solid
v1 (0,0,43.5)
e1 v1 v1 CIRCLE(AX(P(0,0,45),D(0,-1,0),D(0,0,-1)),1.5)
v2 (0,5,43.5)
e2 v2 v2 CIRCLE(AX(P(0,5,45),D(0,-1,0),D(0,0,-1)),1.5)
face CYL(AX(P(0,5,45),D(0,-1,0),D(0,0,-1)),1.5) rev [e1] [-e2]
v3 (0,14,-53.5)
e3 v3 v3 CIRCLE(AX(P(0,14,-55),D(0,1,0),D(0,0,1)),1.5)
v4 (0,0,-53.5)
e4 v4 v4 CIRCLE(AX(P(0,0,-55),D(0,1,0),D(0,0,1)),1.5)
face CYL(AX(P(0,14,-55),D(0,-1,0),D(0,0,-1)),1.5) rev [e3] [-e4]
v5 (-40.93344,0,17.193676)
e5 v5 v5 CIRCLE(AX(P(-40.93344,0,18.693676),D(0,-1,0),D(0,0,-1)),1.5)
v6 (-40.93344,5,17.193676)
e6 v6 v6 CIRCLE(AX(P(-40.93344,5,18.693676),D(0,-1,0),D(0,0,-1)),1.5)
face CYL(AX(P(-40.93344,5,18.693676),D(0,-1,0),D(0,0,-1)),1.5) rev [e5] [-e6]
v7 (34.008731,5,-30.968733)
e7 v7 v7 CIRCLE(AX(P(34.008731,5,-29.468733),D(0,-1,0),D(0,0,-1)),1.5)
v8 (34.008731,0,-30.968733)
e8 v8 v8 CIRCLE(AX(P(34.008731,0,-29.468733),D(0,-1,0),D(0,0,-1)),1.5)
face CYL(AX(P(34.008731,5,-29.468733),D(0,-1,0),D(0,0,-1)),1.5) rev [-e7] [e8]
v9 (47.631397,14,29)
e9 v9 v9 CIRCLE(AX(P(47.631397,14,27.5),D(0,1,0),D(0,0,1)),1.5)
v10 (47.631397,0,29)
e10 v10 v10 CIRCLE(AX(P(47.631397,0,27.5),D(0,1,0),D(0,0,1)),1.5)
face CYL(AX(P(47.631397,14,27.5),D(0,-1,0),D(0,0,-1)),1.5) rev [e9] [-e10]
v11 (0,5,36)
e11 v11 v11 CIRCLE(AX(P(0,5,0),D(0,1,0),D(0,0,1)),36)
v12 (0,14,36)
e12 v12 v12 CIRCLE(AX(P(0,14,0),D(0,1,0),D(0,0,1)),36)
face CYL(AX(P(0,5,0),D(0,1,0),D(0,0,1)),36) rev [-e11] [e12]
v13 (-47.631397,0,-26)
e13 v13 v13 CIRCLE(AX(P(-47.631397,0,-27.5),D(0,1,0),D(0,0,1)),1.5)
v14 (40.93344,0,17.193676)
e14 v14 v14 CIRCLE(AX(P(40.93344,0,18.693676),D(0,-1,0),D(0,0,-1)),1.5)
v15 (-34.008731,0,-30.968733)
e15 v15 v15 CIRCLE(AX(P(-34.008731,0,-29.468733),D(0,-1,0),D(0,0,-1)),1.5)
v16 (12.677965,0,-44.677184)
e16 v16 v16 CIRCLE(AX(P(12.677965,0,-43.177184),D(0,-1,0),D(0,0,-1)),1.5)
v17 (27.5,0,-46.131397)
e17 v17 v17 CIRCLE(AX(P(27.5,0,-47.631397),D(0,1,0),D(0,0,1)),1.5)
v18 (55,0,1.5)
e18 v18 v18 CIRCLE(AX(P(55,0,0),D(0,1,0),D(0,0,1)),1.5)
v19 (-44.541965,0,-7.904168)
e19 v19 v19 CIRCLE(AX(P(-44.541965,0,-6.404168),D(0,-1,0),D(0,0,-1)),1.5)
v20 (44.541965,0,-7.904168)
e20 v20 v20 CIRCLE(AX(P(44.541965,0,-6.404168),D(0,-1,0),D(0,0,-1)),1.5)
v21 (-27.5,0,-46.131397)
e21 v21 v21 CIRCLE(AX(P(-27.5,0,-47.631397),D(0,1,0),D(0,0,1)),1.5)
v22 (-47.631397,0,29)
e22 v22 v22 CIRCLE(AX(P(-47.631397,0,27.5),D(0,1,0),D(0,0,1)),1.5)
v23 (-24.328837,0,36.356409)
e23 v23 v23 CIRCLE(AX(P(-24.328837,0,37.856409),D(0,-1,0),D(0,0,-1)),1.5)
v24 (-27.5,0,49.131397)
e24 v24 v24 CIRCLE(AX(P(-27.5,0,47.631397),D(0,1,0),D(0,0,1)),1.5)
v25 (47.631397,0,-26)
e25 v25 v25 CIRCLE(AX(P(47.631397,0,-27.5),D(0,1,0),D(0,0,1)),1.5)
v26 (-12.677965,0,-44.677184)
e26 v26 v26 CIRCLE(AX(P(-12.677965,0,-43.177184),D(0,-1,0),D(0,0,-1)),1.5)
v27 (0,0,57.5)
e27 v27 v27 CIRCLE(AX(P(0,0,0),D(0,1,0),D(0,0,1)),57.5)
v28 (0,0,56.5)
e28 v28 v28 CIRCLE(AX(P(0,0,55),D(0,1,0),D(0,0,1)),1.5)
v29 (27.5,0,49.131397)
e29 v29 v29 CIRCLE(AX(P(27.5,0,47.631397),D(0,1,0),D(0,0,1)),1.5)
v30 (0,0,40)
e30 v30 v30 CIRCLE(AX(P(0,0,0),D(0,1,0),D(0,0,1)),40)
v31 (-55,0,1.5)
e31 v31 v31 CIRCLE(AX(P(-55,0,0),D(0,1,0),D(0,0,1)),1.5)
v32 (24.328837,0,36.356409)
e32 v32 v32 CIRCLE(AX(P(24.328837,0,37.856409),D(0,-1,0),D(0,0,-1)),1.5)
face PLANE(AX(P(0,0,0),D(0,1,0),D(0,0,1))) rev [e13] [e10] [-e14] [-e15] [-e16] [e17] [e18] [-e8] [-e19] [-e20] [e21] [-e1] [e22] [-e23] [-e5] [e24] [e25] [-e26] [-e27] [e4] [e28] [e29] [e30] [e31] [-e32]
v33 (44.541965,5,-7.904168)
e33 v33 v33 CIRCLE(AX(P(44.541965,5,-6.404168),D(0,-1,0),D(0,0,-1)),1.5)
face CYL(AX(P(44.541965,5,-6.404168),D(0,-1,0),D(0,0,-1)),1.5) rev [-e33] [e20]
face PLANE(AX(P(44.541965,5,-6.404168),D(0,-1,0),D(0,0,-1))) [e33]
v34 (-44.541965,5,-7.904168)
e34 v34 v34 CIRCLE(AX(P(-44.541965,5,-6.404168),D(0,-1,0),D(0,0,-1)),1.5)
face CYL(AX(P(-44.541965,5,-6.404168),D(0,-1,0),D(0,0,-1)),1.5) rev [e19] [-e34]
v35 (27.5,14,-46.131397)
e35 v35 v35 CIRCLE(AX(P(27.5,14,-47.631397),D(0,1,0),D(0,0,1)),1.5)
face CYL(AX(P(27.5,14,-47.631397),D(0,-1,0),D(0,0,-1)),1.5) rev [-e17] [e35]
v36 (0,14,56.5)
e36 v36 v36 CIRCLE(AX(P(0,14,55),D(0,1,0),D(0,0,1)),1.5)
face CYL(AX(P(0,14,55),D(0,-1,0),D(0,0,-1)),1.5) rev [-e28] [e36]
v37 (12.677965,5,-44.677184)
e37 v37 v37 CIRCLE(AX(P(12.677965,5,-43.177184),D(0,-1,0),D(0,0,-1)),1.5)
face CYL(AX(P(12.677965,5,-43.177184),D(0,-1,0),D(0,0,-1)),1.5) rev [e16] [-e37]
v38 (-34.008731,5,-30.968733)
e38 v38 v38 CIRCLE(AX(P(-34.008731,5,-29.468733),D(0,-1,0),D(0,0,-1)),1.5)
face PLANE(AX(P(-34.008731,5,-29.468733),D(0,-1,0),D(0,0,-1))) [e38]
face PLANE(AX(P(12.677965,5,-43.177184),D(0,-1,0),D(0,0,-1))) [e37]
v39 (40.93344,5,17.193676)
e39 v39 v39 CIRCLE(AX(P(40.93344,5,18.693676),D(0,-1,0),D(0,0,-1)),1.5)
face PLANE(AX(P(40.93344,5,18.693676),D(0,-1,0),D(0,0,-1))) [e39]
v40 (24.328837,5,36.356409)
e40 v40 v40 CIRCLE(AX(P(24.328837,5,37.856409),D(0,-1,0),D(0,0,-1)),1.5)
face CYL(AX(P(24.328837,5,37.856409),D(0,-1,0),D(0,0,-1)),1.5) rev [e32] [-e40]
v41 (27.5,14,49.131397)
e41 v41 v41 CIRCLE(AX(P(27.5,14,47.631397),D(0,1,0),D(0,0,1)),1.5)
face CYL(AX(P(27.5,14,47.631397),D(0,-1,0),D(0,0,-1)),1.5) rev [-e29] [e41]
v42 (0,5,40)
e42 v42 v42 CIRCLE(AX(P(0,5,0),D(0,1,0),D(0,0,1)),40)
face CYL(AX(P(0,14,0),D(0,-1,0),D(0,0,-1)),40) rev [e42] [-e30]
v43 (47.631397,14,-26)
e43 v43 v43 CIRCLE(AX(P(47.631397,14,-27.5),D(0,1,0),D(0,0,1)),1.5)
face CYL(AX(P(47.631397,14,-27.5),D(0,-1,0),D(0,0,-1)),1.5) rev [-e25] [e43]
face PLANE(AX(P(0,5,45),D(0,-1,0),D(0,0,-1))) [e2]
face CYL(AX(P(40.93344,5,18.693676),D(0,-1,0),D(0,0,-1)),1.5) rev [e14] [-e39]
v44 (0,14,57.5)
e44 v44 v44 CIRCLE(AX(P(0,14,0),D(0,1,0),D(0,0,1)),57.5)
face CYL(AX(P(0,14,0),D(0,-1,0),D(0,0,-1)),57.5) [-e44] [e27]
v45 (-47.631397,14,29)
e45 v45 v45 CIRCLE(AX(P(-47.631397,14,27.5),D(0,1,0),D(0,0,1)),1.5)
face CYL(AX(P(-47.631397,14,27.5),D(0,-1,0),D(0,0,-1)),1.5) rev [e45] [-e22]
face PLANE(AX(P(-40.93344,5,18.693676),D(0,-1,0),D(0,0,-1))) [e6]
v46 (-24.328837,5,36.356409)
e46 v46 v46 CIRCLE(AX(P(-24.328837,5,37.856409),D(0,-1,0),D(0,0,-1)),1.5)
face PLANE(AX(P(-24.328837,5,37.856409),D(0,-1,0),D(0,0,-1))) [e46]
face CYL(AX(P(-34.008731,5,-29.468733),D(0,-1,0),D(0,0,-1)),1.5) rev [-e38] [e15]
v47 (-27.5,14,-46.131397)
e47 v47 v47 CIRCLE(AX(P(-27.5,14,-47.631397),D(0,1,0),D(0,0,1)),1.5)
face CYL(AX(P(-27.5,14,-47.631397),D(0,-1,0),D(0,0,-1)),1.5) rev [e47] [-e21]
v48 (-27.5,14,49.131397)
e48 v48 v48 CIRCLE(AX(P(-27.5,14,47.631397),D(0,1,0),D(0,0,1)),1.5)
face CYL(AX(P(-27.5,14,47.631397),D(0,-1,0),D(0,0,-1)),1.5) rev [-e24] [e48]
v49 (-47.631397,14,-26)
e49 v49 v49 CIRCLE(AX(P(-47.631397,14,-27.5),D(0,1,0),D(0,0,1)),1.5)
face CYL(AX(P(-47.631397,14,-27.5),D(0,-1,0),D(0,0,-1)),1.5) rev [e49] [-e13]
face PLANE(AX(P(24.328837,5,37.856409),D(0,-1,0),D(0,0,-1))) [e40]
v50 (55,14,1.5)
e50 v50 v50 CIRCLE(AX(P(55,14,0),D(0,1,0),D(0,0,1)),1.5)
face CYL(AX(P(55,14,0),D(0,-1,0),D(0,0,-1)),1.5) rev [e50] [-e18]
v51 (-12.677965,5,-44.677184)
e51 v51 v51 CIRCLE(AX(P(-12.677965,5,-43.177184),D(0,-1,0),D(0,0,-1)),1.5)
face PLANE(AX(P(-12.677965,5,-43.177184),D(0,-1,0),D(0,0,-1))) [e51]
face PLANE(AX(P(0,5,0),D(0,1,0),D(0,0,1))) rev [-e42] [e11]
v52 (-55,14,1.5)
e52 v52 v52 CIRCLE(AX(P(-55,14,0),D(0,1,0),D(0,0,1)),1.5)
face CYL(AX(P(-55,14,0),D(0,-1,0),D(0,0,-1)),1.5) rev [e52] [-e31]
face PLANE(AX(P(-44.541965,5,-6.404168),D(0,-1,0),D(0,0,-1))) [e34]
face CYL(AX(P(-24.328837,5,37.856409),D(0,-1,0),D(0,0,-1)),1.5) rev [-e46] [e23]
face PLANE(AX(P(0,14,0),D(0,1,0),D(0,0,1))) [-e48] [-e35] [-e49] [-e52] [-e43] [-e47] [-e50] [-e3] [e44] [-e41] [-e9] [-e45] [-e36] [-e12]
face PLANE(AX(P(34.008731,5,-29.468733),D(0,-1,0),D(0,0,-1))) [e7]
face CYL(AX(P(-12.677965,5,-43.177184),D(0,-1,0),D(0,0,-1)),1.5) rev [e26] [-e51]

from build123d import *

# Parameters (mm, degrees)
SKETCH1_R           = 57.5
SKETCH1_R_2         = 40
SKETCH1_R_3         = 1.5
BOSS_EXTRUDE1_DEPTH = 14
SKETCH2_R           = 42.5
SKETCH2_R_2         = 36
BOSS_EXTRUDE2_DEPTH = 9
SKETCH3_R           = 1.5
CUT_EXTRUDE1_DEPTH  = 5


with BuildPart() as part:
    # Sketch1 → Boss-Extrude1 (new body)
    with BuildSketch(Plane(origin=(0, 0, 0), x_dir=(1, 0, 0), z_dir=(0, 1, 0))):
        with Locations(Location((0, 0, 0), (0, 0, 270))):
            Circle(SKETCH1_R)
        with Locations(Location((0, 0, 0), (0, 0, 270))):
            Circle(SKETCH1_R_2, mode=Mode.SUBTRACT)
        with Locations(Location((0, 55, 0), (0, 0, 270))):
            Circle(SKETCH1_R_3, mode=Mode.SUBTRACT)
        with Locations(Location((27.5, 47.631397208, 0), (0, 0, 270))):
            Circle(SKETCH1_R_3, mode=Mode.SUBTRACT)
        with Locations(Location((47.631397208, 27.5, 0), (0, 0, 270))):
            Circle(SKETCH1_R_3, mode=Mode.SUBTRACT)
        with Locations(Location((55, 0, 0), (0, 0, 270))):
            Circle(SKETCH1_R_3, mode=Mode.SUBTRACT)
        with Locations(Location((47.631397208, -27.5, 0), (0, 0, 270))):
            Circle(SKETCH1_R_3, mode=Mode.SUBTRACT)
        with Locations(Location((27.5, -47.631397208, 0), (0, 0, 270))):
            Circle(SKETCH1_R_3, mode=Mode.SUBTRACT)
        with Locations(Location((0, -55, 0), (0, 0, 270))):
            Circle(SKETCH1_R_3, mode=Mode.SUBTRACT)
        with Locations(Location((-27.5, -47.631397208, 0), (0, 0, 270))):
            Circle(SKETCH1_R_3, mode=Mode.SUBTRACT)
        with Locations(Location((-47.631397208, -27.5, 0), (0, 0, 270))):
            Circle(SKETCH1_R_3, mode=Mode.SUBTRACT)
        with Locations(Location((-55, 0, 0), (0, 0, 270))):
            Circle(SKETCH1_R_3, mode=Mode.SUBTRACT)
        with Locations(Location((-47.631397208, 27.5, 0), (0, 0, 270))):
            Circle(SKETCH1_R_3, mode=Mode.SUBTRACT)
        with Locations(Location((-27.5, 47.631397208, 0), (0, 0, 270))):
            Circle(SKETCH1_R_3, mode=Mode.SUBTRACT)
    extrude(amount=BOSS_EXTRUDE1_DEPTH)

    # Sketch2 → Boss-Extrude2 (add)
    with BuildSketch(Plane(origin=(0, 14, 0), x_dir=(1, 0, 0), z_dir=(0, 1, 0))):
        Circle(SKETCH2_R)
        with Locations(Location((0, 0, 0), (0, 0, 270))):
            Circle(SKETCH2_R_2, mode=Mode.SUBTRACT)
    extrude(amount=-BOSS_EXTRUDE2_DEPTH)

    # Sketch3 → Cut-Extrude1 (cut)
    with BuildSketch(Plane.XZ):
        with Locations(Location((0, 45, 0), (0, 0, 270))):
            Circle(SKETCH3_R)
        with Locations(Location((24.328836786, 37.856408977, 0), (0, 0, 270))):
            Circle(SKETCH3_R)
        with Locations(Location((40.933439791, 18.693675585, 0), (0, 0, 270))):
            Circle(SKETCH3_R)
        with Locations(Location((44.541964885, -6.404167722, 0), (0, 0, 270))):
            Circle(SKETCH3_R)
        with Locations(Location((34.008730846, -29.468733028, 0), (0, 0, 270))):
            Circle(SKETCH3_R)
        with Locations(Location((12.677965058, -43.177183813, 0), (0, 0, 270))):
            Circle(SKETCH3_R)
        with Locations(Location((-12.677965058, -43.177183813, 0), (0, 0, 270))):
            Circle(SKETCH3_R)
        with Locations(Location((-34.008730846, -29.468733028, 0), (0, 0, 270))):
            Circle(SKETCH3_R)
        with Locations(Location((-44.541964885, -6.404167722, 0), (0, 0, 270))):
            Circle(SKETCH3_R)
        with Locations(Location((-40.933439791, 18.693675585, 0), (0, 0, 270))):
            Circle(SKETCH3_R)
        with Locations(Location((-24.328836786, 37.856408977, 0), (0, 0, 270))):
            Circle(SKETCH3_R)
    extrude(amount=-CUT_EXTRUDE1_DEPTH, mode=Mode.SUBTRACT)


solid = part.part
